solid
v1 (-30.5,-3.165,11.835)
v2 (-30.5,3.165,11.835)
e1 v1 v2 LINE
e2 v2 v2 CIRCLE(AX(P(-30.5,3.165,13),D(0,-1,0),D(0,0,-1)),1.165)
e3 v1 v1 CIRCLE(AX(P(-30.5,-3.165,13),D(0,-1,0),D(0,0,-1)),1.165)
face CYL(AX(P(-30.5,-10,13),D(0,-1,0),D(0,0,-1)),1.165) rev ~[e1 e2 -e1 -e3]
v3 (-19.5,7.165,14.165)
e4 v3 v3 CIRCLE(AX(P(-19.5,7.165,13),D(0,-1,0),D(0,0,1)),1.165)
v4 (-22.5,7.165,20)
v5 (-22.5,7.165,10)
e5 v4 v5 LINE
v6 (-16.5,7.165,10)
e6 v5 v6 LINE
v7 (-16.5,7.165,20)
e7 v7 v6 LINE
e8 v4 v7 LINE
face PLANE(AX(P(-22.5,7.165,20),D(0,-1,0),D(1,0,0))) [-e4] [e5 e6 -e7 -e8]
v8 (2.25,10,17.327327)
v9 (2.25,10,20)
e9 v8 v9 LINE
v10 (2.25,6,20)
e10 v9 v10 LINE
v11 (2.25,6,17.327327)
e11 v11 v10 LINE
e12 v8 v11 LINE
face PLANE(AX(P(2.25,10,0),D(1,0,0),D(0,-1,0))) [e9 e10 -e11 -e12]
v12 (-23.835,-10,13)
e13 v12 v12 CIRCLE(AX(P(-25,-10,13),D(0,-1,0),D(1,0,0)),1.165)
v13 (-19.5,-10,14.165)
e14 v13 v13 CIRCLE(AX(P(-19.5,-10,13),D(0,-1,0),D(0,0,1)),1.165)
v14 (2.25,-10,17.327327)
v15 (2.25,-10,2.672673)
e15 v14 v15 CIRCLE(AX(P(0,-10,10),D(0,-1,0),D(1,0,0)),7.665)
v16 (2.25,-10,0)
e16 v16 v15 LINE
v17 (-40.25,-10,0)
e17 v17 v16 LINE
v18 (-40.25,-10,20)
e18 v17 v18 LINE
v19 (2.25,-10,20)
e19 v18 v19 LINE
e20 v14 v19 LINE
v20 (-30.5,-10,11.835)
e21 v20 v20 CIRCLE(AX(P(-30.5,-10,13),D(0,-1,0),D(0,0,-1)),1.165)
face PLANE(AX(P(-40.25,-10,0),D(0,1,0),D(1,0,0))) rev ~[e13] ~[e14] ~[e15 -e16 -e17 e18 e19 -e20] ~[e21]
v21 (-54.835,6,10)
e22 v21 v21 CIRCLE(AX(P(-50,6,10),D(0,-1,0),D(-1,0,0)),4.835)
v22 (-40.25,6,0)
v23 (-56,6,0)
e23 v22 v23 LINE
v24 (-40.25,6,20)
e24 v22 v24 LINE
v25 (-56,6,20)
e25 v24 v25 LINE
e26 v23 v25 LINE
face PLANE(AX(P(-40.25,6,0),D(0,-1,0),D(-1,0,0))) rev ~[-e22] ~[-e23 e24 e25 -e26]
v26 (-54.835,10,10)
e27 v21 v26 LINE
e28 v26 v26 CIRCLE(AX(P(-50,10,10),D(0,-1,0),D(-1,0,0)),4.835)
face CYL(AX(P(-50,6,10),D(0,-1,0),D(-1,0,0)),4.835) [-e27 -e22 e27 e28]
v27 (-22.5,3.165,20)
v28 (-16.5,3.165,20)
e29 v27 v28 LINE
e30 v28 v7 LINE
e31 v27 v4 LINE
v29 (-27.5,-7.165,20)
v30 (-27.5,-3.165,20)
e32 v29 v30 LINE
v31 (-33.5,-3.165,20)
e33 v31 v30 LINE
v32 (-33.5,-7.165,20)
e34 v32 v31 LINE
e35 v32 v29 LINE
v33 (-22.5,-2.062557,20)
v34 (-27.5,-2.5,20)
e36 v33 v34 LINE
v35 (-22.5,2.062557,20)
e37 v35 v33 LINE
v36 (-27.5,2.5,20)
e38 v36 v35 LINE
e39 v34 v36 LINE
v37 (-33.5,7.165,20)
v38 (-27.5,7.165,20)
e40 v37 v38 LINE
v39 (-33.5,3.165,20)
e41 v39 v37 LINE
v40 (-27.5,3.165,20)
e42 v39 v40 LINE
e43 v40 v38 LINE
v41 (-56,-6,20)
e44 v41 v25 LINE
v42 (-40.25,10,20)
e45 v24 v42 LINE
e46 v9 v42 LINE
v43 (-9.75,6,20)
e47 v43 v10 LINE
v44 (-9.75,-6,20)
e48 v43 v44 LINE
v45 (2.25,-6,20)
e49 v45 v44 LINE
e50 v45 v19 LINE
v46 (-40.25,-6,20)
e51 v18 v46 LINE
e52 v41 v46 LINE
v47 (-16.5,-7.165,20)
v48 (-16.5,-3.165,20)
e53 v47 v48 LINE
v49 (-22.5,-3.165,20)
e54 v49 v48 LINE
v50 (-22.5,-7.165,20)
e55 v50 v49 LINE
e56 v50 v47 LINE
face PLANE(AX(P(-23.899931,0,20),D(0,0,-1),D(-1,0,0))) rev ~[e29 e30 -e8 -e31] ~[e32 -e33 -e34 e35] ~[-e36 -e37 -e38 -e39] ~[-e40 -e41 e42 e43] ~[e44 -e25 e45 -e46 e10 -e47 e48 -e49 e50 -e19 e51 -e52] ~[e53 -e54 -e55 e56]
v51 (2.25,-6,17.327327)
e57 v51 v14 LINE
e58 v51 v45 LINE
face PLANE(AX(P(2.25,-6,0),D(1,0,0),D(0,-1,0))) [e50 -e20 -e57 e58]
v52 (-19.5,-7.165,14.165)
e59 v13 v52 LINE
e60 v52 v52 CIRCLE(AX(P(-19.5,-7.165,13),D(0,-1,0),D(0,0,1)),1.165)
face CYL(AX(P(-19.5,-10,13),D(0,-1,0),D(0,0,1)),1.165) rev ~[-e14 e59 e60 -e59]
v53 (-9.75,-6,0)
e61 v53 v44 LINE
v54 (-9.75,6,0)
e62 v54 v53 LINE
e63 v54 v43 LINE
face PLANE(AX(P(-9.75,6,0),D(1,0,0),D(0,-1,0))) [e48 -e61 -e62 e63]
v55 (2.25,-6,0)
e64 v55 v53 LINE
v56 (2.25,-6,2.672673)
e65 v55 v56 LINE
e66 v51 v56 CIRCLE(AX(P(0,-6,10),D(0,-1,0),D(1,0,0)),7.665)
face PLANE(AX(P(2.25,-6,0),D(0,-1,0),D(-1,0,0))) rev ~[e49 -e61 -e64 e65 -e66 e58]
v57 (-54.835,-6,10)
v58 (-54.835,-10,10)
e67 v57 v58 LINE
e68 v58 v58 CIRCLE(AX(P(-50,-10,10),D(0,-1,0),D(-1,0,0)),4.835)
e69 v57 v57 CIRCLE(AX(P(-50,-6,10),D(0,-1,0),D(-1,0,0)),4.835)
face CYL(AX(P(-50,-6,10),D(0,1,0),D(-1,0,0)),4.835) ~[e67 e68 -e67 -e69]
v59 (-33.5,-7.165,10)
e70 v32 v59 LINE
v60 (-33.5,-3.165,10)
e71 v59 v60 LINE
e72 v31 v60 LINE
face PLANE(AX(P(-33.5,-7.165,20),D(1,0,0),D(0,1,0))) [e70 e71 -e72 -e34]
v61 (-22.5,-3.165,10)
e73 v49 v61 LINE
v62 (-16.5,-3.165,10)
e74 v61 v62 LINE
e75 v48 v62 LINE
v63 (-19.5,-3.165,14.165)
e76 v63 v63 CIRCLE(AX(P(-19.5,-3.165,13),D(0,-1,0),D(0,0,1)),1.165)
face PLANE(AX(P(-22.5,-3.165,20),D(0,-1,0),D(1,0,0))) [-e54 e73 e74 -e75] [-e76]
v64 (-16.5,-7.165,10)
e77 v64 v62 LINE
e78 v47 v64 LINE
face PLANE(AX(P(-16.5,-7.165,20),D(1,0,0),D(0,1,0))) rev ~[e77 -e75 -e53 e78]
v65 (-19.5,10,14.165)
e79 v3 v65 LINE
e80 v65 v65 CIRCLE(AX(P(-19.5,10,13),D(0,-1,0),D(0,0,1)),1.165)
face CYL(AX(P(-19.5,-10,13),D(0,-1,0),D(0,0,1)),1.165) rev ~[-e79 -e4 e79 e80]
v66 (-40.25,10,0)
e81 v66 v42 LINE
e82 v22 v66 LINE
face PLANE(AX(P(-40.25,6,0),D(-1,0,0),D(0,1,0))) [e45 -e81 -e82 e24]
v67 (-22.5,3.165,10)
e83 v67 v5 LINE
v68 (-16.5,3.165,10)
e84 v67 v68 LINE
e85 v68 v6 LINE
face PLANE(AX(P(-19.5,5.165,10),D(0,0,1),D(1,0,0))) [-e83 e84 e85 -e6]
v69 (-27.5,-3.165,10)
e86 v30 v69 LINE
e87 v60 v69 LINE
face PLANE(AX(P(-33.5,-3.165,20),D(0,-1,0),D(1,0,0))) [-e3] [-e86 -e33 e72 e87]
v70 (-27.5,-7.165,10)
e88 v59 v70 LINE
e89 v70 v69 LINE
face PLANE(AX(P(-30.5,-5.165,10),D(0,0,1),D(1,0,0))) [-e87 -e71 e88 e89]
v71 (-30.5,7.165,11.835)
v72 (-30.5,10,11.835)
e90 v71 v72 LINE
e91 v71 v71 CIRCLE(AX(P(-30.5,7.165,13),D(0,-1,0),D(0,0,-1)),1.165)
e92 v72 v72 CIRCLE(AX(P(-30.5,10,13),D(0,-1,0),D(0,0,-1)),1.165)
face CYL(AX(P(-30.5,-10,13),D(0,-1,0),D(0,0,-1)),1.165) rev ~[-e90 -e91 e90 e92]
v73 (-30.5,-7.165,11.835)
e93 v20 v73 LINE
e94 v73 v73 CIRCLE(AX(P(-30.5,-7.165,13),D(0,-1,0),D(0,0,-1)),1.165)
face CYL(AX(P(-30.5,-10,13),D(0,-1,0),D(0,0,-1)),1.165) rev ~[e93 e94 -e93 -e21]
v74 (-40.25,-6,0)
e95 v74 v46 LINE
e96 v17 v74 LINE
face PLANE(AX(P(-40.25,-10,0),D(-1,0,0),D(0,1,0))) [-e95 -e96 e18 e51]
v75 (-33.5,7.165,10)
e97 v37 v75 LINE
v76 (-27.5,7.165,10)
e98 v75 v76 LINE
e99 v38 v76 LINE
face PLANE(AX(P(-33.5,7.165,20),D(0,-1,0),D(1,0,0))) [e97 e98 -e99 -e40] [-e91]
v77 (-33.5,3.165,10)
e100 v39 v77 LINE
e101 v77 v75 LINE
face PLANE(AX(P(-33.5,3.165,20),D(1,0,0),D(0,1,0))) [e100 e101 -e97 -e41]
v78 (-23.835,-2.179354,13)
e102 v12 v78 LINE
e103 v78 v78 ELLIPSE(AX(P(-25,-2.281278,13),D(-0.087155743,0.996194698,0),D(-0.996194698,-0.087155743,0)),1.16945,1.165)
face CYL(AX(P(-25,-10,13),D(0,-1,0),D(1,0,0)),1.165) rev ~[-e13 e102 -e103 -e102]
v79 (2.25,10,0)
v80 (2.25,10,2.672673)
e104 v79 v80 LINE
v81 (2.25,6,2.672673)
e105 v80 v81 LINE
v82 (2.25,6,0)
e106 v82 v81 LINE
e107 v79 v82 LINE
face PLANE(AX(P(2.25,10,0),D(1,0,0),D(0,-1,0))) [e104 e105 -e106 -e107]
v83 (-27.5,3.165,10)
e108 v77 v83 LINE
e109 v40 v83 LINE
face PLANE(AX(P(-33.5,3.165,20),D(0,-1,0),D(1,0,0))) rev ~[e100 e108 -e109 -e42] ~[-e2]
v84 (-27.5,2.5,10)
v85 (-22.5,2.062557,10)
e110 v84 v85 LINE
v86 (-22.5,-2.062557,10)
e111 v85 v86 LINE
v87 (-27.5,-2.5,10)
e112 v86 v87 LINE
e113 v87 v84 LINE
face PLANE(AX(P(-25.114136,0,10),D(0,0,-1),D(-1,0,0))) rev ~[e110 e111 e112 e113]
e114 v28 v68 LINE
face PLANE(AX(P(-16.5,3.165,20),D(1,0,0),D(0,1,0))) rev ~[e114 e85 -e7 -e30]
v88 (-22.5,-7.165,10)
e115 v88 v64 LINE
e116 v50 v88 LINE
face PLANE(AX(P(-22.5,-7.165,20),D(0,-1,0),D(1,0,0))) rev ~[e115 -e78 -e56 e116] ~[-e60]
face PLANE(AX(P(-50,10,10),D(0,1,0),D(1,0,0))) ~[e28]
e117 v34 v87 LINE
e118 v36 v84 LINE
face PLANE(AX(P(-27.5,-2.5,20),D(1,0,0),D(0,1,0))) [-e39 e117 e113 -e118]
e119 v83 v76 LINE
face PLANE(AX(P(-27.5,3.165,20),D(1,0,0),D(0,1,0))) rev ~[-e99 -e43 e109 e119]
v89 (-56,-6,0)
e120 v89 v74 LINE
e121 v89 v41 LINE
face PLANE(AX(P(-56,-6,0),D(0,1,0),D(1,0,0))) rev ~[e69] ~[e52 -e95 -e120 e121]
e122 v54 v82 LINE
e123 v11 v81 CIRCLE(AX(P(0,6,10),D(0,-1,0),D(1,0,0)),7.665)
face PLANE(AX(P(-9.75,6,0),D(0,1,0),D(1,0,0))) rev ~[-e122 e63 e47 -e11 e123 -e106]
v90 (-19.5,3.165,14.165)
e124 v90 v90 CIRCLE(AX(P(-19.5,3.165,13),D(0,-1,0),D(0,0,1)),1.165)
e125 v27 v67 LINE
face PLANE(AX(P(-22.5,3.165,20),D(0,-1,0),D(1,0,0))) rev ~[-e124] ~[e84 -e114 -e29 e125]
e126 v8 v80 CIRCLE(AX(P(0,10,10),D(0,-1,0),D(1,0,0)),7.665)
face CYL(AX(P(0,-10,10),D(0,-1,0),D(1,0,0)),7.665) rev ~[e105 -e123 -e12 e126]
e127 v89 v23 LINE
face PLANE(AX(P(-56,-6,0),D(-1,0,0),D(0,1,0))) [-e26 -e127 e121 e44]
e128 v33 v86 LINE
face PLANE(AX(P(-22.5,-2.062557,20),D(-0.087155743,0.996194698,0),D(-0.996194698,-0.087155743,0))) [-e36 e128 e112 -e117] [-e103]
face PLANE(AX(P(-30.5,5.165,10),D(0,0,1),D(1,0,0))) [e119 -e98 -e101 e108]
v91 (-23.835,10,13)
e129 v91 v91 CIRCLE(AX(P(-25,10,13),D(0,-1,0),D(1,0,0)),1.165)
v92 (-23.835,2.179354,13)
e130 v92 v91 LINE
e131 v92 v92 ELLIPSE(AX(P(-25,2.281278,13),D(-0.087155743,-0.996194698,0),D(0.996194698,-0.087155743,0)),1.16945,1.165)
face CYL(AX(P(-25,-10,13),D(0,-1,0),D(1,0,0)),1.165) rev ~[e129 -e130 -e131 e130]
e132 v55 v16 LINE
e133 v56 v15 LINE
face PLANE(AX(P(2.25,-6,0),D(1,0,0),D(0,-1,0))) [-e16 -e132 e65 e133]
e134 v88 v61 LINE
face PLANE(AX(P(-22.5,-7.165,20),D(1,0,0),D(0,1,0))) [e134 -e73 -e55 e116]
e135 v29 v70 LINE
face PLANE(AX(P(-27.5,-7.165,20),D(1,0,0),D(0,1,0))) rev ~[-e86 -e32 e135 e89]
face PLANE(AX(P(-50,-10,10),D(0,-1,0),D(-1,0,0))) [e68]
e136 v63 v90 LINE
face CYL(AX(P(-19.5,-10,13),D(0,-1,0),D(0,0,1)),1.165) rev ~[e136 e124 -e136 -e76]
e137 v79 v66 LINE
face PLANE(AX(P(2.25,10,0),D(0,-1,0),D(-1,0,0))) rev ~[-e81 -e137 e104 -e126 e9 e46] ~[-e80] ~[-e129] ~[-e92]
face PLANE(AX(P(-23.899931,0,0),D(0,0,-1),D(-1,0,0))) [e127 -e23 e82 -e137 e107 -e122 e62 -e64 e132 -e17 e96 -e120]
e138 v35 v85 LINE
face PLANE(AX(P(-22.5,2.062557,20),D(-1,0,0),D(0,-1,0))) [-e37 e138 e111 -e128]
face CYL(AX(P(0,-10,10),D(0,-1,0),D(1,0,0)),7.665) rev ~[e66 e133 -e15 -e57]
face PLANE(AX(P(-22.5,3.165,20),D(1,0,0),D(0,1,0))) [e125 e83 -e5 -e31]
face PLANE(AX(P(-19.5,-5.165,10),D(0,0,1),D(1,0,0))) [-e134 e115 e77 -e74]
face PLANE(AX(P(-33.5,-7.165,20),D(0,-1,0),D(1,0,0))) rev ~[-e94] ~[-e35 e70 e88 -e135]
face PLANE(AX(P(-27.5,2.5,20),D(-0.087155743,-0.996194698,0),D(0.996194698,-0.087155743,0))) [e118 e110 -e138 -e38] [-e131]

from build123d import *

# Parameters (mm, degrees)
BOSS_EXTRUDE1_DEPTH = 20
SKETCH2_R           = 4.835
BOSS_EXTRUDE2_DEPTH = 4
CUT_EXTRUDE1_REACH  = 64.738
SKETCH3_R           = 7.665
CUT_EXTRUDE2_DEPTH  = 10
SKETCH5_W           = 6
SKETCH5_H           = 4
CUT_EXTRUDE3_DEPTH  = 10
CUT_EXTRUDE4_REACH  = 64.738
SKETCH6_R           = 1.165


with BuildPart() as part:
    # Sketch1 → Boss-Extrude1 (new body)
    with BuildSketch(Plane.XY):
        Polygon((-40.25, -10), (-40.25, -6), (-50, -6), (-56, -6), (-56, 6), (-50, 6), (-40.25, 6), (-40.25, 10), (0, 10), (2.25, 10), (2.25, 6), (0, 6), (-9.75, 6), (-9.75, -6), (0, -6), (2.25, -6), (2.25, -10), (0, -10), align=None)
    extrude(amount=BOSS_EXTRUDE1_DEPTH)

    # Sketch2 → Boss-Extrude2 (add)
    with BuildSketch(Plane.XZ.offset(6)):
        with Locations(Location((-50, 10, 0), (0, 0, 180))):
            Circle(SKETCH2_R)
    boss_extrude2 = extrude(amount=BOSS_EXTRUDE2_DEPTH)

    # Cut-Extrude1: up to this face of the body (flat: up to its plane)
    cut_extrude1_end = Plane(part.part.faces().sort_by_distance((-19, 10, 10))[0])
    # Sketch3 → Cut-Extrude1 (cut, up to the picked face)
    with BuildSketch(Plane.XZ.offset(10), mode=Mode.PRIVATE) as cut_extrude1_sk1:
        with Locations((0, 10)):
            Circle(SKETCH3_R)
    cut_extrude1_tool1 = split(extrude(cut_extrude1_sk1.sketch, amount=-CUT_EXTRUDE1_REACH, mode=Mode.PRIVATE), bisect_by=cut_extrude1_end, keep=Keep.BOTH, mode=Mode.PRIVATE)
    add(cut_extrude1_tool1.solids().sort_by(Axis((0, -10, 10), (0, 1, 0)))[0], mode=Mode.SUBTRACT)

    # Mirror1: Boss-Extrude2 across plane
    add(boss_extrude2.mirror(Plane.ZX))

    # Sketch4 → Cut-Extrude2 (cut)
    with BuildSketch(Plane.XY.offset(20)):
        Polygon((-27.5, 2.5), (-22.5, 2.062556682), (-22.5, -2.062556682), (-27.5, -2.5), align=None)
    extrude(amount=-CUT_EXTRUDE2_DEPTH, mode=Mode.SUBTRACT)

    # Sketch5 → Cut-Extrude3 (cut)
    with BuildSketch(Plane.XY.offset(20)):
        with Locations((-30.5, 5.165)):
            Rectangle(SKETCH5_W, SKETCH5_H)
        with Locations((-19.5, 5.165)):
            Rectangle(SKETCH5_W, SKETCH5_H)
        with Locations((-19.5, -5.165)):
            Rectangle(SKETCH5_W, SKETCH5_H)
        with Locations((-30.5, -5.165)):
            Rectangle(SKETCH5_W, SKETCH5_H)
    extrude(amount=-CUT_EXTRUDE3_DEPTH, mode=Mode.SUBTRACT)

    # Cut-Extrude4: up to this face of the body (flat: up to its plane)
    cut_extrude4_end = Plane(part.part.faces().sort_by_distance((-21.952820108, 10, 10))[0])
    # Sketch6 → Cut-Extrude4 (cut, up to the picked face)
    with BuildSketch(Plane.XZ.offset(10), mode=Mode.PRIVATE) as cut_extrude4_sk1:
        with Locations(Location((-30.5, 13, 0), (0, 0, 270))):
            Circle(SKETCH6_R)
    cut_extrude4_tool1 = split(extrude(cut_extrude4_sk1.sketch, amount=-CUT_EXTRUDE4_REACH, mode=Mode.PRIVATE), bisect_by=cut_extrude4_end, keep=Keep.BOTH, mode=Mode.PRIVATE)
    # Sketch6 → Cut-Extrude4 (cut, up to the picked face)
    with BuildSketch(Plane.XZ.offset(10), mode=Mode.PRIVATE) as cut_extrude4_sk2:
        with Locations((-25, 13)):
            Circle(SKETCH6_R)
    cut_extrude4_tool2 = split(extrude(cut_extrude4_sk2.sketch, amount=-CUT_EXTRUDE4_REACH, mode=Mode.PRIVATE), bisect_by=cut_extrude4_end, keep=Keep.BOTH, mode=Mode.PRIVATE)
    # Sketch6 → Cut-Extrude4 (cut, up to the picked face)
    with BuildSketch(Plane.XZ.offset(10), mode=Mode.PRIVATE) as cut_extrude4_sk3:
        with Locations(Location((-19.5, 13, 0), (0, 0, 90))):
            Circle(SKETCH6_R)
    cut_extrude4_tool3 = split(extrude(cut_extrude4_sk3.sketch, amount=-CUT_EXTRUDE4_REACH, mode=Mode.PRIVATE), bisect_by=cut_extrude4_end, keep=Keep.BOTH, mode=Mode.PRIVATE)
    add(cut_extrude4_tool1.solids().sort_by(Axis((-30.5, -10, 13), (0, 1, 0)))[0], mode=Mode.SUBTRACT)
    add(cut_extrude4_tool2.solids().sort_by(Axis((-25, -10, 13), (0, 1, 0)))[0], mode=Mode.SUBTRACT)
    add(cut_extrude4_tool3.solids().sort_by(Axis((-19.5, -10, 13), (0, 1, 0)))[0], mode=Mode.SUBTRACT)


solid = part.part
